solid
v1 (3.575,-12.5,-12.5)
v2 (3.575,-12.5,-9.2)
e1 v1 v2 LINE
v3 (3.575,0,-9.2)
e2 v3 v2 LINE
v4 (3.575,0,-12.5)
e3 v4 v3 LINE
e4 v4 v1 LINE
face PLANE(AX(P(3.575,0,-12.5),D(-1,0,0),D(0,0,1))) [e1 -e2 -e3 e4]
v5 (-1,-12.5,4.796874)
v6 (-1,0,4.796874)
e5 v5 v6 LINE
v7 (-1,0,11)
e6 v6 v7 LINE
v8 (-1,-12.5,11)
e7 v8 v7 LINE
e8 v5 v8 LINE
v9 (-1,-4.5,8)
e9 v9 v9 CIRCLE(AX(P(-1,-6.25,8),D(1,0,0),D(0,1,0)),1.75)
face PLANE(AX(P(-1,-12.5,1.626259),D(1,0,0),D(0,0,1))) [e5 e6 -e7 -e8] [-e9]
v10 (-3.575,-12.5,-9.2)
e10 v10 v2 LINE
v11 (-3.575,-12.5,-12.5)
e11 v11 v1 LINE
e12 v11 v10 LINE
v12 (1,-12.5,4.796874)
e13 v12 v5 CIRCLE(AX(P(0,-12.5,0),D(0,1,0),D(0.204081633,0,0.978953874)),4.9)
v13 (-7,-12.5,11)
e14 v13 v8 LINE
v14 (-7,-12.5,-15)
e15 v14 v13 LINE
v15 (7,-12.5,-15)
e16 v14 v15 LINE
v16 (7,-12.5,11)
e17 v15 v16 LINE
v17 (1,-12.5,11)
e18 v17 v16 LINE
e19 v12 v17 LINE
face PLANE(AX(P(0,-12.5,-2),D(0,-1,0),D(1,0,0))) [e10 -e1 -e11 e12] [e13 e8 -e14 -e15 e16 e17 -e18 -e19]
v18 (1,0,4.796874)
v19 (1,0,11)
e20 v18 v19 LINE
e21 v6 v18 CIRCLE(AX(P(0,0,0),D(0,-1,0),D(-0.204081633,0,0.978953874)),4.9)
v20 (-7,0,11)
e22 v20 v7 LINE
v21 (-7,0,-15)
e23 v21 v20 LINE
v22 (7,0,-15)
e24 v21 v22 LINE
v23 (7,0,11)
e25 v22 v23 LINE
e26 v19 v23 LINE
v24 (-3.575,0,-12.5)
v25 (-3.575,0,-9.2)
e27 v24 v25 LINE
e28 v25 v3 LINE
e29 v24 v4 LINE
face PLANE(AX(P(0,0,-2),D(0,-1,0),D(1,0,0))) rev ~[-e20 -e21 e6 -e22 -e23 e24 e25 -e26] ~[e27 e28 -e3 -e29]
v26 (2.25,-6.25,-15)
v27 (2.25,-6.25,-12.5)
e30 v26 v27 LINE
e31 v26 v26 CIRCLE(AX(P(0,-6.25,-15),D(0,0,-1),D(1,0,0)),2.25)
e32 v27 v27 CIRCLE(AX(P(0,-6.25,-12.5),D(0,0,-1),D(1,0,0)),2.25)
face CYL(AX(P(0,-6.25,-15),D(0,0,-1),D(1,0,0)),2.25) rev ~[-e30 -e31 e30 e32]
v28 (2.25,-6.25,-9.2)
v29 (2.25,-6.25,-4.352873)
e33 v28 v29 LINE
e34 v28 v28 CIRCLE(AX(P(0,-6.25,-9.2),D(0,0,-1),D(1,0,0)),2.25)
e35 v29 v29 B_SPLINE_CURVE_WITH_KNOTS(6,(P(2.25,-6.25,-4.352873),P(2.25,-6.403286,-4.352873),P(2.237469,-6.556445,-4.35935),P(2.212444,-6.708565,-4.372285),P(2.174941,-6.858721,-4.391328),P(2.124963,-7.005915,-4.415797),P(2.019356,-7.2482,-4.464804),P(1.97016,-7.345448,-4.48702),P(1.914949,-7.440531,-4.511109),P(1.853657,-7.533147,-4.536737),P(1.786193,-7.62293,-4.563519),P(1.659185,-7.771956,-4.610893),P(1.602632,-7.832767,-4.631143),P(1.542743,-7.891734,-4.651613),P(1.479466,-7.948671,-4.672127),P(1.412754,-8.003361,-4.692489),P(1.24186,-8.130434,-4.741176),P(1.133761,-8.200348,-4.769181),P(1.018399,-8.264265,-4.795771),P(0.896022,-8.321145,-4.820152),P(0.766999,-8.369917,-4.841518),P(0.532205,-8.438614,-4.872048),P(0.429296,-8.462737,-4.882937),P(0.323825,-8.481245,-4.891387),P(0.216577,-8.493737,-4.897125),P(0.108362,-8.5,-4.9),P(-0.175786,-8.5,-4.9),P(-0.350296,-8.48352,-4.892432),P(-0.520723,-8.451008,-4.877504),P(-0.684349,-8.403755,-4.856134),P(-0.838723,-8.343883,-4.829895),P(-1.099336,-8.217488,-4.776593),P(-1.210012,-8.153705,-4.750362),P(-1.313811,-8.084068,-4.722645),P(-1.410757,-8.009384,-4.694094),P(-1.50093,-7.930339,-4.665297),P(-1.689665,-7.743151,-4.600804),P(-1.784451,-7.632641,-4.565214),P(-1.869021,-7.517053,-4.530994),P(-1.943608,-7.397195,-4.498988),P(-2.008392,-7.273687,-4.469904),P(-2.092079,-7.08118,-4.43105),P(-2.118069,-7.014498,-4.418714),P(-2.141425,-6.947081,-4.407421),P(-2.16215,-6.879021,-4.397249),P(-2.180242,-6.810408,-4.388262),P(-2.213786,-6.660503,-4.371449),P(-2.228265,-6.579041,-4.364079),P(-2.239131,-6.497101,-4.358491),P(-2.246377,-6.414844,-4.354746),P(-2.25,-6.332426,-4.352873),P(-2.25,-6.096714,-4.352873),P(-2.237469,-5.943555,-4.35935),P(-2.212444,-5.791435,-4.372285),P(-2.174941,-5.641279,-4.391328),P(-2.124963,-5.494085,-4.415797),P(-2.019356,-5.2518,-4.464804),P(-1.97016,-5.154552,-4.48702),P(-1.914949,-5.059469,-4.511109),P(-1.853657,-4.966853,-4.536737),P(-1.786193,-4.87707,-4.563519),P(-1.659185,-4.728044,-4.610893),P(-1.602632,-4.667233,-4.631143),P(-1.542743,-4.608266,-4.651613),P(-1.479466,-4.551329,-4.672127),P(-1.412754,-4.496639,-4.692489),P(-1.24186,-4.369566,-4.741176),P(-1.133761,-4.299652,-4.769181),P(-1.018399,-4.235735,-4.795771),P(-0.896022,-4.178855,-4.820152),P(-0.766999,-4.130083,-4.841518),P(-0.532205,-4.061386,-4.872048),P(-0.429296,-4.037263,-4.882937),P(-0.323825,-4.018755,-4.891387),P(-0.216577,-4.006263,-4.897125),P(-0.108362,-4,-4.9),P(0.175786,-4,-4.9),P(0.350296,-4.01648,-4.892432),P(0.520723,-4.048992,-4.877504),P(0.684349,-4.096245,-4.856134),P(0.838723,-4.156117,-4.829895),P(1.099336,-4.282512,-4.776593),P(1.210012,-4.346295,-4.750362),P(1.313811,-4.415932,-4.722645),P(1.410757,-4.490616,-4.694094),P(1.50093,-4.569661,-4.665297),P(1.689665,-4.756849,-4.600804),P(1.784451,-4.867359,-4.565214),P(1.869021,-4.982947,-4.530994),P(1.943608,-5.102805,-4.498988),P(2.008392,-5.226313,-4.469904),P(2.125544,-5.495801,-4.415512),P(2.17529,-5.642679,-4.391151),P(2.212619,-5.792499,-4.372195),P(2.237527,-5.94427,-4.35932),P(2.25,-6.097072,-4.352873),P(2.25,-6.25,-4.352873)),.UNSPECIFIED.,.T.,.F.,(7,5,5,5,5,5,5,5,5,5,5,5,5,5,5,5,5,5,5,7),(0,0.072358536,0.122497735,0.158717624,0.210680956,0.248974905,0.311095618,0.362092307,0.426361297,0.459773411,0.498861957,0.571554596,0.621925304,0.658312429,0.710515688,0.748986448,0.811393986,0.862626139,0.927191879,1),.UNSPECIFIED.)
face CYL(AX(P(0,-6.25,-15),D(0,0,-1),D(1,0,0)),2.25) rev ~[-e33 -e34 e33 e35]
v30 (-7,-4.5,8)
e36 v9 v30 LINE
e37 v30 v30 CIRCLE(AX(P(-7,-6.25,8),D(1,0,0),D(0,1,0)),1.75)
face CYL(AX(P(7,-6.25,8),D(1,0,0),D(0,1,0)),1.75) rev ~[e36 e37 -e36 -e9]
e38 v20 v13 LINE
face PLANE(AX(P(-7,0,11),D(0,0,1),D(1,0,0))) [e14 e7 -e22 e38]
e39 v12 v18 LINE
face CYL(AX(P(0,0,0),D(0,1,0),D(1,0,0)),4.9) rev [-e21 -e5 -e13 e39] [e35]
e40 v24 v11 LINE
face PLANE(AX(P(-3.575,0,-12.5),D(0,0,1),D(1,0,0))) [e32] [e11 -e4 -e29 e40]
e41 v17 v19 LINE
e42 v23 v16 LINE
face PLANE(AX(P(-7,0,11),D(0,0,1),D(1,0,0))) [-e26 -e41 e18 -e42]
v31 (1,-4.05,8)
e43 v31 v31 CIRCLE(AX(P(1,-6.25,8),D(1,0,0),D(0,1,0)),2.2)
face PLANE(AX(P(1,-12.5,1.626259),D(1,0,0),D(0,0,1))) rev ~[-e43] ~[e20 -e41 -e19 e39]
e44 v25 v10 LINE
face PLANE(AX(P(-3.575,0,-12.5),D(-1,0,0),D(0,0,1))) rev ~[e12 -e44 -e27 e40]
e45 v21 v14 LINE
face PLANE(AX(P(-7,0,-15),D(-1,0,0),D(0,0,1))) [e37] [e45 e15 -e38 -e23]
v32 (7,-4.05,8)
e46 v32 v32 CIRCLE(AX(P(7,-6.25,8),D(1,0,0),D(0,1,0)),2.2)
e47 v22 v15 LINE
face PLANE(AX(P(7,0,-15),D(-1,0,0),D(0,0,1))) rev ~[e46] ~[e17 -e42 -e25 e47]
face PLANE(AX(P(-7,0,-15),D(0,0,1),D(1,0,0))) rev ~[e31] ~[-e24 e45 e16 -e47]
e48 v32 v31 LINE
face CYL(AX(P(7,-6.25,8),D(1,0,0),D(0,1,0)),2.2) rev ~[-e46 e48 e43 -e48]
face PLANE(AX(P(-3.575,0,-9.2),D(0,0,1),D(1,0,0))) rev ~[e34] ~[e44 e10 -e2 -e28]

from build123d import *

# Parameters (mm, degrees)
F0_W     = 14
F0_H     = 26
F0_W_2   = 7.15
F0_H_2   = 3.3
F0_R     = 4.9
F1_DEPTH = 12.5
F2_R     = 2.25
F3_DEPTH = 15
F4_W     = 2
F4_H     = 9.3737413222
F5_DEPTH = 12.5010001
F6_R     = 1.75
F7_DEPTH = 14.001
F8_R     = 2.2
F9_DEPTH = 6


with BuildPart() as f1:
    # F0 (on Front) → F1 (new body)
    with BuildSketch(Plane.XZ):
        with Locations((0, -2)):
            Rectangle(F0_W, F0_H)
        with Locations((0, -10.85)):
            Rectangle(F0_W_2, F0_H_2, mode=Mode.SUBTRACT)
        Circle(F0_R, mode=Mode.SUBTRACT)
    extrude(amount=F1_DEPTH)

    # F2 (on face) → F3 (cut)
    with BuildSketch(Plane(origin=(0, 0, -15), x_dir=(1, 0, 0), z_dir=(0, 0, -1))):
        with Locations((0, 6.25)):
            Circle(F2_R)
    extrude(amount=-F3_DEPTH, mode=Mode.SUBTRACT)

    # F4 (on face) → F5 (cut, through all)
    with BuildSketch(Plane.XZ.offset(12.5)):
        with Locations((0, 6.3131293389)):
            Rectangle(F4_W, F4_H)
    extrude(amount=-F5_DEPTH, mode=Mode.SUBTRACT)

    # F6 (on face) → F7 (cut, through all)
    with BuildSketch(Plane.YZ.offset(7)):
        with Locations((-6.25, 8)):
            Circle(F6_R)
    extrude(amount=-F7_DEPTH, mode=Mode.SUBTRACT)

    # F8 (on face) → F9 (cut)
    with BuildSketch(Plane.YZ.offset(7)):
        with Locations((-6.25, 8)):
            Circle(F8_R)
    extrude(amount=-F9_DEPTH, mode=Mode.SUBTRACT)


solid = f1.part
